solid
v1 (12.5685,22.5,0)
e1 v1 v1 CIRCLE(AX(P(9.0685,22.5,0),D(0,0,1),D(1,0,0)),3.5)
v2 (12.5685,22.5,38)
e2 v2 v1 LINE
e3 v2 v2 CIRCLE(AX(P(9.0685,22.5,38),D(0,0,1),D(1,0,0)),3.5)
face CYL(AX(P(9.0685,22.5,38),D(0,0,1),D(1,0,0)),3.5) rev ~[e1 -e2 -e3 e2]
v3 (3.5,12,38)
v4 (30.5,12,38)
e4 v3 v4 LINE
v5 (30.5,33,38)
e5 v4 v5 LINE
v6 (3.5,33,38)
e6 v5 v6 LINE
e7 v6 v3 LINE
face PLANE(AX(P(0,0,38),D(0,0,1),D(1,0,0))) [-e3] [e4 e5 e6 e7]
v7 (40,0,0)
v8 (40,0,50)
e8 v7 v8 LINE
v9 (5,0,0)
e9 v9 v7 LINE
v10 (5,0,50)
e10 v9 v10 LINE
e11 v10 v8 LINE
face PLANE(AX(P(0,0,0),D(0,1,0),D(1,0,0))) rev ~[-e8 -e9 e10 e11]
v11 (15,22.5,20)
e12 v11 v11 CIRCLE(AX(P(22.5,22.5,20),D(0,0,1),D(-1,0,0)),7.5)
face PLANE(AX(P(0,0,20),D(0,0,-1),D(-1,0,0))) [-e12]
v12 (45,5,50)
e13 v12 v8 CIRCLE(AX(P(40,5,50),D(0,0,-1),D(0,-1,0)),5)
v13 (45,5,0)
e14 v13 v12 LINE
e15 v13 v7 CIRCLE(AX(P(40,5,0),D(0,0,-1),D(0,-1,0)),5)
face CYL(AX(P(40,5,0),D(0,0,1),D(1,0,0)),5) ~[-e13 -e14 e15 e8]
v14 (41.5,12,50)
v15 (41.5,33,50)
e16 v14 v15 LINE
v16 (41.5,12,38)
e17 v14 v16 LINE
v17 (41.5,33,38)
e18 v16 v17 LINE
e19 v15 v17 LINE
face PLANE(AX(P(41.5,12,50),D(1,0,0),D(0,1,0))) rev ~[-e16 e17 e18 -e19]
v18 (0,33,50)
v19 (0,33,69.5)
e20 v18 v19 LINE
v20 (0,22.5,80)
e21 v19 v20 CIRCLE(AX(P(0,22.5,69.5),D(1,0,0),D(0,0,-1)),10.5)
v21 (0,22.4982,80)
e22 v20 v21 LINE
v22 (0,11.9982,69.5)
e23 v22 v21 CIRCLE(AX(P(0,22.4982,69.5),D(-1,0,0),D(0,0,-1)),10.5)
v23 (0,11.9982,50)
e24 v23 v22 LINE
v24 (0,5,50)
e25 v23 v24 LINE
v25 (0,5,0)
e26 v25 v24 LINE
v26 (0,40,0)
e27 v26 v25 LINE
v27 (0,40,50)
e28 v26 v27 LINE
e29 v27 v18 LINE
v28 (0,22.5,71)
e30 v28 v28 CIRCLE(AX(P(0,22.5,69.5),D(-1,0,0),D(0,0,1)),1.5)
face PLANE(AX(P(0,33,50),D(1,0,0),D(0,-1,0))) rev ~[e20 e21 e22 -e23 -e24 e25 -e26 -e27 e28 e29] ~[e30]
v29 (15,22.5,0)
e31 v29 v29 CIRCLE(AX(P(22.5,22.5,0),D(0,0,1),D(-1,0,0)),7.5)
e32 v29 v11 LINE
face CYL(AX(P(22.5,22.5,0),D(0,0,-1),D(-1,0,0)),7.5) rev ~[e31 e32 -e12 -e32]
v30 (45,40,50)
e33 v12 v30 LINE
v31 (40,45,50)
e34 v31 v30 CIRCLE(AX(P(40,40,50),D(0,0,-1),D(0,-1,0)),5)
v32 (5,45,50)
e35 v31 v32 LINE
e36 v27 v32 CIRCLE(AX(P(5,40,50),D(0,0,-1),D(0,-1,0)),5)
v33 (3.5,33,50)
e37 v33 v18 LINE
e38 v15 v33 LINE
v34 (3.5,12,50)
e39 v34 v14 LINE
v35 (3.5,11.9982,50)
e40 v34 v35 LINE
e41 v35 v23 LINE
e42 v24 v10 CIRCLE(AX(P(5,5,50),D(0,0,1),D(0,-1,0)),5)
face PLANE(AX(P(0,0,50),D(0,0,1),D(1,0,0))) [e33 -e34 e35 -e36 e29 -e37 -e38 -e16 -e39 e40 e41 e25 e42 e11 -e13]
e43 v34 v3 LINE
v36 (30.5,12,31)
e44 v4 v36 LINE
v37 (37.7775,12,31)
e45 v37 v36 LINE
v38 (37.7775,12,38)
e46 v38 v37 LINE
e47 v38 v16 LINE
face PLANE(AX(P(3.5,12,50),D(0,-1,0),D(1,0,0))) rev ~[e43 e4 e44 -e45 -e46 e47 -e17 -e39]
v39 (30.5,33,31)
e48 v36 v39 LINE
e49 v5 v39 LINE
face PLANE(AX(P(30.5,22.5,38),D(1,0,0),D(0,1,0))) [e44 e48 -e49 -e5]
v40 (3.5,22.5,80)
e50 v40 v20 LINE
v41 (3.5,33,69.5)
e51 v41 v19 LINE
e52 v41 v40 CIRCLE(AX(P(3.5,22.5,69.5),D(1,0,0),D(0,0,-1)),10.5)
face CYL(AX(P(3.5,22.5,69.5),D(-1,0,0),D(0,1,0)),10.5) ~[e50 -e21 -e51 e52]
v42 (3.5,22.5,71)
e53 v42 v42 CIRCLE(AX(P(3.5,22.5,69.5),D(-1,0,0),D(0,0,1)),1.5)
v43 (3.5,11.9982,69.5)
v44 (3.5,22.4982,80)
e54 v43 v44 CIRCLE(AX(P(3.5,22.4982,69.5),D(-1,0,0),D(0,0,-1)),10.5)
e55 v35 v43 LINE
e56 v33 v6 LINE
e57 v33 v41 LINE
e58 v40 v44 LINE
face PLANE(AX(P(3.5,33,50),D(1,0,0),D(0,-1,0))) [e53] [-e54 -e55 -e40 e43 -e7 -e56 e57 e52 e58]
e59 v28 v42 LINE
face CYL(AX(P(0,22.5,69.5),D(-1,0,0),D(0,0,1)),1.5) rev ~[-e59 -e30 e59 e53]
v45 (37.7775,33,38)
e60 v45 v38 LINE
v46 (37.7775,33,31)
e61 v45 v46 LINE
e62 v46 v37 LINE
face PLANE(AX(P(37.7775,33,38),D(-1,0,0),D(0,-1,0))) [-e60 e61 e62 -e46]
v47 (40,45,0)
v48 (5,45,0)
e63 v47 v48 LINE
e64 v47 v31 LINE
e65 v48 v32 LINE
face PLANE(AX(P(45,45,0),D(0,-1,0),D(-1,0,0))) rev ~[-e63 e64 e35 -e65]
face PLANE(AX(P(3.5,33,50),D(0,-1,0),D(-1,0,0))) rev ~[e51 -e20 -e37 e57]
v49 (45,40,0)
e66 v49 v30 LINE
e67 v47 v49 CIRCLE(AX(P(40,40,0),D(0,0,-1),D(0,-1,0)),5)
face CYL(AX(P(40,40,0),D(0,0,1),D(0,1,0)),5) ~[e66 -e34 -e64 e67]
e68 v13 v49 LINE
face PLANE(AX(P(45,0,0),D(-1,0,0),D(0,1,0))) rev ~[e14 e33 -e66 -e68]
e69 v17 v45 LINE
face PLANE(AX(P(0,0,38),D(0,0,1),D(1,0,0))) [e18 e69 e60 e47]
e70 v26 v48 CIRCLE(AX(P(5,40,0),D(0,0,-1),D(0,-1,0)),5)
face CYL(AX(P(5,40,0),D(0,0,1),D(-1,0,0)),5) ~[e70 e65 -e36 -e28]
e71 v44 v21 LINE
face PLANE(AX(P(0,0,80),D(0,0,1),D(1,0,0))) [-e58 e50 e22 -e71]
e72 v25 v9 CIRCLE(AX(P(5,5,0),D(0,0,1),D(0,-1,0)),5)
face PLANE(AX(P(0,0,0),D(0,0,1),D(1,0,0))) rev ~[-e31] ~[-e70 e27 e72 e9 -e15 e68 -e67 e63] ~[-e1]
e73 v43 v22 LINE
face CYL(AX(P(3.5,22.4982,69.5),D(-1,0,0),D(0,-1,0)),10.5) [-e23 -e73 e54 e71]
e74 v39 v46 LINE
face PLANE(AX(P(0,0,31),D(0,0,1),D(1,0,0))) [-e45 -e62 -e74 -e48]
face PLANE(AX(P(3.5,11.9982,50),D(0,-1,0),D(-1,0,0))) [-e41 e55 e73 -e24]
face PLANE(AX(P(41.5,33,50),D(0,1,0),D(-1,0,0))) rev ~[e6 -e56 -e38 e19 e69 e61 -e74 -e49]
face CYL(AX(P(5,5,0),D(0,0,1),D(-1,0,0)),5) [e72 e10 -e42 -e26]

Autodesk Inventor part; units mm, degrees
ref_plane "YZ Plane" through (0, 0, 0) normal (1, 0, 0) x (0, 1, 0)
ref_plane "XZ Plane" through (0, 0, 0) normal (0, 1, 0) x (-1, 0, 0)
ref_plane "XY Plane" through (0, 0, 0) normal (0, 0, 1) x (1, 0, 0)
sketch "Sketch1" plane through (0, 0, 0) normal (0, 0, 1) x (1, 0, 0)
  line L0 (0, 0) -> (45, 0)
  line L1 (45, 0) -> (45, 45)
  line L2 (45, 45) -> (0, 45)
  line L3 (0, 45) -> (0, 0)
  dimension "d0" = 45
  dimension "d1" = 45
extrude "Extrusion1" add sketch "Sketch1" along normal blind 50
fillet "Fillet1" radius 5 4 edges at (45, 45, 25) (0, 45, 25) (45, 0, 25) (0, 0, 25)
sketch "Sketch2" plane through (0, 0, 0) normal (0, 0, -1) x (-1, 0, 0)
  line L0 (-45, 5) -> (-45, 40) projected
  line L1 (-45, 22.5) -> (-22.5, 22.5)
  circle A0 centre (-22.5, 22.5) radius 7.5
  point P0 (0, 0)
  dimension "d5" = 22.5
  dimension "d6" = 15
extrude "Extrusion2" cut sketch "Sketch2" against normal blind 20
sketch "Sketch3" plane through (0, 0, 50) normal (0, 0, 1) x (1, 0, 0)
  line L0 (0, 0) -> (3.5, 0)
  line L1 (5, 0) -> (40, 0) projected
  line L2 (3.5, 0) -> (3.5, 12)
  line L3 (3.5, 12) -> (41.5, 12)
  line L4 (41.5, 12) -> (41.5, 33)
  line L5 (41.5, 33) -> (3.5, 33)
  line L6 (3.5, 33) -> (3.5, 12)
  dimension "d11" = 3.5
  dimension "d12" = 12
  dimension "d13" = 38
  dimension "d14" = 21
extrude "Extrusion3" cut sketch "Sketch3" against normal blind 12
sketch "Sketch4" plane through (0, 0, 38) normal (0, 0, 1) x (1, 0, 0)
  line L0 (3.5, 12) -> (3.5, 33) projected
  line L1 (3.5, 22.5) -> (29.5, 22.5)
  line L2 (29.5, 22.5) -> (33.5, 22.5)
  line L3 (3.5, 33) -> (41.5, 33) projected
  line L4 (30.5, 33) -> (37.7775, 33)
  line L5 (37.7775, 33) -> (37.7775, 12)
  line L6 (37.7775, 12) -> (30.5, 12)
  line L7 (30.5, 12) -> (30.5, 33)
  point P0 (0, 0)
  dimension "d20" = 26
  dimension "d21" = 4
extrude "Extrusion4" cut sketch "Sketch4" against normal blind 7 contours L3 L5 L6 L7
sketch "Sketch5" plane through (0, 0, 38) normal (0, 0, 1) x (1, 0, 0)
  circle A0 centre (9.0685, 22.5) radius 3.5
  point P0 (0, 0)
  dimension "d24" = 7
extrude "Extrusion5" cut sketch "Sketch5" against normal blind 40
sketch "Sketch6" plane through (0, 0, 50) normal (0, 0, 1) x (1, 0, 0)
  line L0 (3.5, 33) -> (30.5, 33) projected
  line L1 (3.5, 33) -> (0, 33)
  line L2 (0, 40) -> (0, 5) projected
  line L3 (3.5, 11.9982) -> (0, 11.9982)
  line L4 (0, 33) -> (3.5, 33)
  line L5 (3.5, 33) -> (3.5, 11.9982)
  line L6 (3.5, 11.9982) -> (0, 11.9982)
  line L7 (0, 11.9982) -> (0, 33)
  point P0 (0, 0)
extrude "Extrusion6" add sketch "Sketch6" along normal blind 30
fillet "Fillet2" radius 10.5 2 edges at (1.75, 33, 80) (1.75, 11.9982, 80)
sketch "Sketch7" plane through (0, 5, 0) normal (-1, 0, 0) x (0, 0, 1)
  arc A0 (80, 17.5) -> (69.5, 28) centre (69.5, 17.5) ccw projected
  circle A1 centre (69.5, 17.5) radius 1.5
  point P0 (0, -5)
  dimension "d30" = 3
extrude "Extrusion7" cut sketch "Sketch7" against normal blind 30
properties part number "Motor holder"
